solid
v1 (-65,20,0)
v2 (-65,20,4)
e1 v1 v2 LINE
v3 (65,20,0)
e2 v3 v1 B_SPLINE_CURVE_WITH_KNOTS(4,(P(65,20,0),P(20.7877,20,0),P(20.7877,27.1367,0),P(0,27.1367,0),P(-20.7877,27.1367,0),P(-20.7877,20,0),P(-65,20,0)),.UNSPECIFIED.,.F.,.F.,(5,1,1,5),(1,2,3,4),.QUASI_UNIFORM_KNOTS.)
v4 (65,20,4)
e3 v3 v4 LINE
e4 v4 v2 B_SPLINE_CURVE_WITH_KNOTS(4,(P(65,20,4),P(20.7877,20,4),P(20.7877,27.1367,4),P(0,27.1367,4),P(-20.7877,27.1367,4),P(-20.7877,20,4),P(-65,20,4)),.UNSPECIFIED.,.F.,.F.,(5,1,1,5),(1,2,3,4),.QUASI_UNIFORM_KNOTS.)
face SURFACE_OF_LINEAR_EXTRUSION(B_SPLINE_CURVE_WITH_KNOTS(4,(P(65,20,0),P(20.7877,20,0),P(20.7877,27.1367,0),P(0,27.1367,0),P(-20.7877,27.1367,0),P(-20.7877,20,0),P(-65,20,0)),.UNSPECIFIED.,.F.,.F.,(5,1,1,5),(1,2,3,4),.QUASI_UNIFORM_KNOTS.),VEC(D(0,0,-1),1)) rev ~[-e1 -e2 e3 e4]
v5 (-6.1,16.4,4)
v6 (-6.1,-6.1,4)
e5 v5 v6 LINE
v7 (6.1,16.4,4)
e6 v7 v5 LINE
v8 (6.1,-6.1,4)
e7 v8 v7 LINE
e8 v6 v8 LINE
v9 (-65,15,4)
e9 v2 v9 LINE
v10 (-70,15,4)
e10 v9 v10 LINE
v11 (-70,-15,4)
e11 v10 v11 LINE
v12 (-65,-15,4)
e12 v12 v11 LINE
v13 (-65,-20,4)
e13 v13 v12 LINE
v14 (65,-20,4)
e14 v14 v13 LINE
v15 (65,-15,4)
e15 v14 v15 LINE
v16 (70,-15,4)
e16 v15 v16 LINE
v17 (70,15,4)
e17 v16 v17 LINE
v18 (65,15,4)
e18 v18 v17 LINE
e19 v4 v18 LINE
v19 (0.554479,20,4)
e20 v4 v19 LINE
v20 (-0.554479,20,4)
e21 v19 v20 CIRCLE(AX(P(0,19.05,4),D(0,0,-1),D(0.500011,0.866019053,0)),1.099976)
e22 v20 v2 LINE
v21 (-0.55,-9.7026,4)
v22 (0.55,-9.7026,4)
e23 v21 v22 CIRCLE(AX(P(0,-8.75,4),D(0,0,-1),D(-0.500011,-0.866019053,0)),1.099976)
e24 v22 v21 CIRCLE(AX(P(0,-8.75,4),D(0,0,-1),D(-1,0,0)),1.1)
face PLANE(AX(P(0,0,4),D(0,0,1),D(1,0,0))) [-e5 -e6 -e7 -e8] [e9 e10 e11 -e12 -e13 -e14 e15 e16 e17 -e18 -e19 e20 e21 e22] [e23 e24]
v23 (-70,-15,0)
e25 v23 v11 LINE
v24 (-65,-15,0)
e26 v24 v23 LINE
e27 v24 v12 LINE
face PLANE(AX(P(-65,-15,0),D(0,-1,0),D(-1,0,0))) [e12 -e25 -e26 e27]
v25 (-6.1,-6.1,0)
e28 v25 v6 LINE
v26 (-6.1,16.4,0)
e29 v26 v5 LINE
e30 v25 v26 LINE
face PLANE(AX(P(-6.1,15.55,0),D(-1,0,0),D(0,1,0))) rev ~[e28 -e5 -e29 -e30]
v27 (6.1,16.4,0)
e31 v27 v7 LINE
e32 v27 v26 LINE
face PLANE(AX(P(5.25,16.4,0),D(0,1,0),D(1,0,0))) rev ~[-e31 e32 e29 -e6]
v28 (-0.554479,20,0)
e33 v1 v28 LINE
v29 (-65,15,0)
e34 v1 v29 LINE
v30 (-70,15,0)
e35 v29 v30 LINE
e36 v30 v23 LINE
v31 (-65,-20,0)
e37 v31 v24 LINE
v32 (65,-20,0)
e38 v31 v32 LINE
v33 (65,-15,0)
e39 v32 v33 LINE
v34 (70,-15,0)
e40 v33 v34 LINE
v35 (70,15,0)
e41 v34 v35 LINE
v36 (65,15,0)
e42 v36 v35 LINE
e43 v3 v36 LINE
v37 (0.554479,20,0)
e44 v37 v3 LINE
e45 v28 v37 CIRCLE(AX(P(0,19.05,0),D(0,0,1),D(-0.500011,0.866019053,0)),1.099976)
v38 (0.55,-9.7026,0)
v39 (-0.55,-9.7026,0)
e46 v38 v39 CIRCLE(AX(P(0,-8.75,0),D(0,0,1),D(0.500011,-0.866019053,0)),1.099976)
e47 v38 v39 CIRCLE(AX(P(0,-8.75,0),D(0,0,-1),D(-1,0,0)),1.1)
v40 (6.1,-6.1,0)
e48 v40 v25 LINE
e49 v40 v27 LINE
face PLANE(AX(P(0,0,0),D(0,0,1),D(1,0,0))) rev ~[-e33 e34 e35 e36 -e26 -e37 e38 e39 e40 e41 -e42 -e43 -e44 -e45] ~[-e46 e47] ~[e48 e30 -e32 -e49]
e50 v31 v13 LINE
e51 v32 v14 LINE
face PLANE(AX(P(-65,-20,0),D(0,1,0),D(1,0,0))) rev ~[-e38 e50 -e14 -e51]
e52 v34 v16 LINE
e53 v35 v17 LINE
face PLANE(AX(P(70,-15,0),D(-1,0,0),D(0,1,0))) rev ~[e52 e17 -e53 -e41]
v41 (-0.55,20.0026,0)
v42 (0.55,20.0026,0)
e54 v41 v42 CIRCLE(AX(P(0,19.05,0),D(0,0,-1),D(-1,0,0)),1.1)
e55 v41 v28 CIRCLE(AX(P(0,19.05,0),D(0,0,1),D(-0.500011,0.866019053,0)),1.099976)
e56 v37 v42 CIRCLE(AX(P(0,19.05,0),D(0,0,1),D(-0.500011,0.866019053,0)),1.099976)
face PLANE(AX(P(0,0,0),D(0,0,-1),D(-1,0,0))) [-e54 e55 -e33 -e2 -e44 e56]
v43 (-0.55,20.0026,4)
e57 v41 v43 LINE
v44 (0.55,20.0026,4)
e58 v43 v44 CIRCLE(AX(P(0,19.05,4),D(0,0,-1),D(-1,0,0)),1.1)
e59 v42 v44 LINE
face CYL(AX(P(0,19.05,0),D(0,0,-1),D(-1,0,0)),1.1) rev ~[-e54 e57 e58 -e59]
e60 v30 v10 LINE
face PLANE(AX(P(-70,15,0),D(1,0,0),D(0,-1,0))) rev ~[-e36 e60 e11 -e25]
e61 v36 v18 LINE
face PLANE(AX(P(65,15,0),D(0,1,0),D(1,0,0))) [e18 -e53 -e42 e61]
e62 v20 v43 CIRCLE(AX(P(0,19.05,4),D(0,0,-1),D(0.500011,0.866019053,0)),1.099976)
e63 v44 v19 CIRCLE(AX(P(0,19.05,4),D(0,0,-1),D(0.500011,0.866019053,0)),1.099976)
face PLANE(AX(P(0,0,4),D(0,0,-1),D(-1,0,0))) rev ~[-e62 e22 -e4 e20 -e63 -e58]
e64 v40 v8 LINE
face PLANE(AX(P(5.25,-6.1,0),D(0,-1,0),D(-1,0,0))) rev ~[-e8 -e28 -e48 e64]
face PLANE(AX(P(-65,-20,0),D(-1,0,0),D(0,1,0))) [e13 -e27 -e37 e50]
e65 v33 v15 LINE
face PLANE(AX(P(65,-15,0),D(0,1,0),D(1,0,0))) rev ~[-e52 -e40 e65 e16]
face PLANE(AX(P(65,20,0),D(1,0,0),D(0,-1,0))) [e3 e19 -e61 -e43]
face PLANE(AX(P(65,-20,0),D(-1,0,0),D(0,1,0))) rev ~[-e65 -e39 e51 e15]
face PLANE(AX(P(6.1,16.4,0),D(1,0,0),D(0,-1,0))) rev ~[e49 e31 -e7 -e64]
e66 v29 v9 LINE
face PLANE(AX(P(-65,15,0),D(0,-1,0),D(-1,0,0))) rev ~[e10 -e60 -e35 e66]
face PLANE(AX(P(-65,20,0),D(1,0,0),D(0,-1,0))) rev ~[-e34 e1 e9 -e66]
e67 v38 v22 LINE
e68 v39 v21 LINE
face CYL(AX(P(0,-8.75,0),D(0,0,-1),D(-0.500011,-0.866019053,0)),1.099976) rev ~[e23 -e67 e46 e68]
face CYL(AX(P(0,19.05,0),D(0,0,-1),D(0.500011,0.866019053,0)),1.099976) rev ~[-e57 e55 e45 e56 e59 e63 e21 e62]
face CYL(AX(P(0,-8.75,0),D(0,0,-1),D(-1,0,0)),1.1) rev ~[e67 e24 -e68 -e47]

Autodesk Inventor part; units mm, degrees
ref_plane "YZ Plane" through (0, 0, 0) normal (1, 0, 0) x (0, 1, 0)
ref_plane "XZ Plane" through (0, 0, 0) normal (0, 1, 0) x (-1, 0, 0)
ref_plane "XY Plane" through (0, 0, 0) normal (0, 0, 1) x (1, 0, 0)
sketch "Sketch1" plane through (0, 0, 0) normal (0, 0, 1) x (1, 0, 0)
  line L0 (-65, -20) -> (65, -20)
  line L1 (70, -15) -> (70, 15)
  line L2 (65, 20) -> (-65, 20)
  line L3 (-70, 15) -> (-70, -15)
  line L4 (65, 20) -> (65, 15)
  line L5 (65, 15) -> (70, 15)
  line L6 (0, 20) -> (0, -20)
  line L7 (65, -20) -> (65, -15)
  line L8 (65, -15) -> (70, -15)
  line L9 (-65, 20) -> (-65, 15)
  line L10 (-65, 15) -> (-70, 15)
  line L11 (-65, -20) -> (-65, -15)
  line L12 (-65, -15) -> (-70, -15)
  point P0 (0, 0)
extrude "Extrusion1" add sketch "Sketch1" along normal blind 4
sketch "Sketch2" plane through (0, 0, 0) normal (0, 0, -1) x (-1, 0, 0)
  arc A0 (-0.55, 20.0026) -> (0.55, 20.0026) centre (0, 19.05) ccw
  line L0 (-0.55, 21.2) -> (-5.25, 21.2)
  line L1 (5.25, 21.2) -> (0.55, 21.2)
  line L2 (6.1, 15.55) -> (6.1, 20.35)
  line L3 (0.55, -10.9) -> (5.25, -10.9)
  line L4 (-5.25, -10.9) -> (-0.55, -10.9)
  arc A1 (0.55, -9.7026) -> (-0.55, -9.7026) centre (0, -8.75) ccw
  line L5 (0.55, -10.9) -> (0.55, -9.7026)
  line L6 (-0.55, -9.7026) -> (-0.55, -10.9)
  line L7 (-6.1, -5.25) -> (-6.1, -10.05)
  line L8 (-6.1, 20.35) -> (-6.1, 15.55)
  arc A2 (-5.25, 21.2) -> (-6.1, 20.35) centre (-5.25, 20.35) ccw
  line L9 (-0.55, 21.2) -> (-0.55, 20.0026)
  line L10 (0.55, 20.0026) -> (0.55, 21.2)
  arc A3 (6.1, 20.35) -> (5.25, 21.2) centre (5.25, 20.35) ccw
  arc A4 (5.25, -10.9) -> (6.1, -10.05) centre (5.25, -10.05) ccw
  line L11 (6.1, -10.05) -> (6.1, -5.25)
  line L12 (6.1, -1.562) -> (6.1, -5.25)
  line L13 (6.1, 15.55) -> (6.1, 1.562)
  circle A5 centre (0, 0) radius 2.25
  line L14 (-6.1, -5.25) -> (-6.1, -1.562)
  line L15 (-6.1, 1.562) -> (-6.1, 15.55)
  line L16 (5.25, 16.4) -> (-5.25, 16.4)
  line L17 (-5.25, -6.1) -> (5.25, -6.1)
  arc A6 (5.25, -6.1) -> (6.1, -5.25) centre (5.25, -5.25) ccw
  arc A7 (-6.1, -5.25) -> (-5.25, -6.1) centre (-5.25, -5.25) ccw
  arc A8 (-6.1, -10.05) -> (-5.25, -10.9) centre (-5.25, -10.05) ccw
  arc A9 (6.1, 15.55) -> (5.25, 16.4) centre (5.25, 15.55) ccw
  arc A10 (-5.25, 16.4) -> (-6.1, 15.55) centre (-5.25, 15.55) ccw
  line L18 (-6.1, 1.562) -> (-6.1, -1.562)
  line L19 (6.1, 1.562) -> (6.1, -1.562)
  circle A11 centre (0, -8.75) radius 1.1
  circle A12 centre (0, 19.05) radius 1.1
  line L20 (-6.1, 15.55) -> (-6.1, 16.4)
  line L21 (-5.25, 16.4) -> (-6.1, 16.4)
  line L22 (5.25, 16.4) -> (6.1, 16.4)
  line L23 (6.1, 15.55) -> (6.1, 16.4)
  line L24 (5.25, -6.1) -> (6.1, -6.1)
  line L25 (-5.25, -6.1) -> (-6.1, -6.1)
  point P0 (-5.25, 21.2)
  point P1 (3.6026, 15)
  point P2 (3.95, 9.45)
  point P3 (0.55, 20.0026)
  point P4 (-0.55, -9.7026)
  point P5 (0.55, -9.7026)
sketch "Sketch3" plane through (0, 0, 0) normal (0, 0, -1) x (-1, 0, 0)
  line L0 (-65, 20) -> (65, 20) projected
  line L1 (-65, 20) -> (-20.7877, 20) construction
  line L2 (-20.7877, 20) -> (-20.7877, 27.1367) construction
  line L3 (-20.7877, 27.1367) -> (0, 27.1367) construction
  line L4 (0, 27.1367) -> (20.7877, 27.1367) construction
  line L5 (20.7877, 27.1367) -> (20.7877, 20) construction
  line L6 (20.7877, 20) -> (65, 20) construction
  spline S0 degree 4 poles (-65, 20) (-20.7877, 20) (-20.7877, 27.1367) (0, 27.1367) (20.7877, 27.1367) (20.7877, 20) (65, 20) knots 1 1 1 1 1 2 3 4 4 4 4 4
  line L7 (-65, 15) -> (-65, 20) projected
  line L8 (-65, 20) -> (65, 20)
  point P0 (0, 0)
extrude "Extrusion2" add sketch "Sketch3" against normal up to surface (4 mm away)
extrude "Extrusion3" cut sketch "Sketch2" against normal through all contours A12 A0 | L21 A10 L8 | A10 L16 A9 L13 L19 L12 A6 L17 A7 L14 L18 L15 | L2 A9 L22 | A7 L25 L7 | L11 L24 A6 | A1 A11 | A5
properties part number "sholder"
